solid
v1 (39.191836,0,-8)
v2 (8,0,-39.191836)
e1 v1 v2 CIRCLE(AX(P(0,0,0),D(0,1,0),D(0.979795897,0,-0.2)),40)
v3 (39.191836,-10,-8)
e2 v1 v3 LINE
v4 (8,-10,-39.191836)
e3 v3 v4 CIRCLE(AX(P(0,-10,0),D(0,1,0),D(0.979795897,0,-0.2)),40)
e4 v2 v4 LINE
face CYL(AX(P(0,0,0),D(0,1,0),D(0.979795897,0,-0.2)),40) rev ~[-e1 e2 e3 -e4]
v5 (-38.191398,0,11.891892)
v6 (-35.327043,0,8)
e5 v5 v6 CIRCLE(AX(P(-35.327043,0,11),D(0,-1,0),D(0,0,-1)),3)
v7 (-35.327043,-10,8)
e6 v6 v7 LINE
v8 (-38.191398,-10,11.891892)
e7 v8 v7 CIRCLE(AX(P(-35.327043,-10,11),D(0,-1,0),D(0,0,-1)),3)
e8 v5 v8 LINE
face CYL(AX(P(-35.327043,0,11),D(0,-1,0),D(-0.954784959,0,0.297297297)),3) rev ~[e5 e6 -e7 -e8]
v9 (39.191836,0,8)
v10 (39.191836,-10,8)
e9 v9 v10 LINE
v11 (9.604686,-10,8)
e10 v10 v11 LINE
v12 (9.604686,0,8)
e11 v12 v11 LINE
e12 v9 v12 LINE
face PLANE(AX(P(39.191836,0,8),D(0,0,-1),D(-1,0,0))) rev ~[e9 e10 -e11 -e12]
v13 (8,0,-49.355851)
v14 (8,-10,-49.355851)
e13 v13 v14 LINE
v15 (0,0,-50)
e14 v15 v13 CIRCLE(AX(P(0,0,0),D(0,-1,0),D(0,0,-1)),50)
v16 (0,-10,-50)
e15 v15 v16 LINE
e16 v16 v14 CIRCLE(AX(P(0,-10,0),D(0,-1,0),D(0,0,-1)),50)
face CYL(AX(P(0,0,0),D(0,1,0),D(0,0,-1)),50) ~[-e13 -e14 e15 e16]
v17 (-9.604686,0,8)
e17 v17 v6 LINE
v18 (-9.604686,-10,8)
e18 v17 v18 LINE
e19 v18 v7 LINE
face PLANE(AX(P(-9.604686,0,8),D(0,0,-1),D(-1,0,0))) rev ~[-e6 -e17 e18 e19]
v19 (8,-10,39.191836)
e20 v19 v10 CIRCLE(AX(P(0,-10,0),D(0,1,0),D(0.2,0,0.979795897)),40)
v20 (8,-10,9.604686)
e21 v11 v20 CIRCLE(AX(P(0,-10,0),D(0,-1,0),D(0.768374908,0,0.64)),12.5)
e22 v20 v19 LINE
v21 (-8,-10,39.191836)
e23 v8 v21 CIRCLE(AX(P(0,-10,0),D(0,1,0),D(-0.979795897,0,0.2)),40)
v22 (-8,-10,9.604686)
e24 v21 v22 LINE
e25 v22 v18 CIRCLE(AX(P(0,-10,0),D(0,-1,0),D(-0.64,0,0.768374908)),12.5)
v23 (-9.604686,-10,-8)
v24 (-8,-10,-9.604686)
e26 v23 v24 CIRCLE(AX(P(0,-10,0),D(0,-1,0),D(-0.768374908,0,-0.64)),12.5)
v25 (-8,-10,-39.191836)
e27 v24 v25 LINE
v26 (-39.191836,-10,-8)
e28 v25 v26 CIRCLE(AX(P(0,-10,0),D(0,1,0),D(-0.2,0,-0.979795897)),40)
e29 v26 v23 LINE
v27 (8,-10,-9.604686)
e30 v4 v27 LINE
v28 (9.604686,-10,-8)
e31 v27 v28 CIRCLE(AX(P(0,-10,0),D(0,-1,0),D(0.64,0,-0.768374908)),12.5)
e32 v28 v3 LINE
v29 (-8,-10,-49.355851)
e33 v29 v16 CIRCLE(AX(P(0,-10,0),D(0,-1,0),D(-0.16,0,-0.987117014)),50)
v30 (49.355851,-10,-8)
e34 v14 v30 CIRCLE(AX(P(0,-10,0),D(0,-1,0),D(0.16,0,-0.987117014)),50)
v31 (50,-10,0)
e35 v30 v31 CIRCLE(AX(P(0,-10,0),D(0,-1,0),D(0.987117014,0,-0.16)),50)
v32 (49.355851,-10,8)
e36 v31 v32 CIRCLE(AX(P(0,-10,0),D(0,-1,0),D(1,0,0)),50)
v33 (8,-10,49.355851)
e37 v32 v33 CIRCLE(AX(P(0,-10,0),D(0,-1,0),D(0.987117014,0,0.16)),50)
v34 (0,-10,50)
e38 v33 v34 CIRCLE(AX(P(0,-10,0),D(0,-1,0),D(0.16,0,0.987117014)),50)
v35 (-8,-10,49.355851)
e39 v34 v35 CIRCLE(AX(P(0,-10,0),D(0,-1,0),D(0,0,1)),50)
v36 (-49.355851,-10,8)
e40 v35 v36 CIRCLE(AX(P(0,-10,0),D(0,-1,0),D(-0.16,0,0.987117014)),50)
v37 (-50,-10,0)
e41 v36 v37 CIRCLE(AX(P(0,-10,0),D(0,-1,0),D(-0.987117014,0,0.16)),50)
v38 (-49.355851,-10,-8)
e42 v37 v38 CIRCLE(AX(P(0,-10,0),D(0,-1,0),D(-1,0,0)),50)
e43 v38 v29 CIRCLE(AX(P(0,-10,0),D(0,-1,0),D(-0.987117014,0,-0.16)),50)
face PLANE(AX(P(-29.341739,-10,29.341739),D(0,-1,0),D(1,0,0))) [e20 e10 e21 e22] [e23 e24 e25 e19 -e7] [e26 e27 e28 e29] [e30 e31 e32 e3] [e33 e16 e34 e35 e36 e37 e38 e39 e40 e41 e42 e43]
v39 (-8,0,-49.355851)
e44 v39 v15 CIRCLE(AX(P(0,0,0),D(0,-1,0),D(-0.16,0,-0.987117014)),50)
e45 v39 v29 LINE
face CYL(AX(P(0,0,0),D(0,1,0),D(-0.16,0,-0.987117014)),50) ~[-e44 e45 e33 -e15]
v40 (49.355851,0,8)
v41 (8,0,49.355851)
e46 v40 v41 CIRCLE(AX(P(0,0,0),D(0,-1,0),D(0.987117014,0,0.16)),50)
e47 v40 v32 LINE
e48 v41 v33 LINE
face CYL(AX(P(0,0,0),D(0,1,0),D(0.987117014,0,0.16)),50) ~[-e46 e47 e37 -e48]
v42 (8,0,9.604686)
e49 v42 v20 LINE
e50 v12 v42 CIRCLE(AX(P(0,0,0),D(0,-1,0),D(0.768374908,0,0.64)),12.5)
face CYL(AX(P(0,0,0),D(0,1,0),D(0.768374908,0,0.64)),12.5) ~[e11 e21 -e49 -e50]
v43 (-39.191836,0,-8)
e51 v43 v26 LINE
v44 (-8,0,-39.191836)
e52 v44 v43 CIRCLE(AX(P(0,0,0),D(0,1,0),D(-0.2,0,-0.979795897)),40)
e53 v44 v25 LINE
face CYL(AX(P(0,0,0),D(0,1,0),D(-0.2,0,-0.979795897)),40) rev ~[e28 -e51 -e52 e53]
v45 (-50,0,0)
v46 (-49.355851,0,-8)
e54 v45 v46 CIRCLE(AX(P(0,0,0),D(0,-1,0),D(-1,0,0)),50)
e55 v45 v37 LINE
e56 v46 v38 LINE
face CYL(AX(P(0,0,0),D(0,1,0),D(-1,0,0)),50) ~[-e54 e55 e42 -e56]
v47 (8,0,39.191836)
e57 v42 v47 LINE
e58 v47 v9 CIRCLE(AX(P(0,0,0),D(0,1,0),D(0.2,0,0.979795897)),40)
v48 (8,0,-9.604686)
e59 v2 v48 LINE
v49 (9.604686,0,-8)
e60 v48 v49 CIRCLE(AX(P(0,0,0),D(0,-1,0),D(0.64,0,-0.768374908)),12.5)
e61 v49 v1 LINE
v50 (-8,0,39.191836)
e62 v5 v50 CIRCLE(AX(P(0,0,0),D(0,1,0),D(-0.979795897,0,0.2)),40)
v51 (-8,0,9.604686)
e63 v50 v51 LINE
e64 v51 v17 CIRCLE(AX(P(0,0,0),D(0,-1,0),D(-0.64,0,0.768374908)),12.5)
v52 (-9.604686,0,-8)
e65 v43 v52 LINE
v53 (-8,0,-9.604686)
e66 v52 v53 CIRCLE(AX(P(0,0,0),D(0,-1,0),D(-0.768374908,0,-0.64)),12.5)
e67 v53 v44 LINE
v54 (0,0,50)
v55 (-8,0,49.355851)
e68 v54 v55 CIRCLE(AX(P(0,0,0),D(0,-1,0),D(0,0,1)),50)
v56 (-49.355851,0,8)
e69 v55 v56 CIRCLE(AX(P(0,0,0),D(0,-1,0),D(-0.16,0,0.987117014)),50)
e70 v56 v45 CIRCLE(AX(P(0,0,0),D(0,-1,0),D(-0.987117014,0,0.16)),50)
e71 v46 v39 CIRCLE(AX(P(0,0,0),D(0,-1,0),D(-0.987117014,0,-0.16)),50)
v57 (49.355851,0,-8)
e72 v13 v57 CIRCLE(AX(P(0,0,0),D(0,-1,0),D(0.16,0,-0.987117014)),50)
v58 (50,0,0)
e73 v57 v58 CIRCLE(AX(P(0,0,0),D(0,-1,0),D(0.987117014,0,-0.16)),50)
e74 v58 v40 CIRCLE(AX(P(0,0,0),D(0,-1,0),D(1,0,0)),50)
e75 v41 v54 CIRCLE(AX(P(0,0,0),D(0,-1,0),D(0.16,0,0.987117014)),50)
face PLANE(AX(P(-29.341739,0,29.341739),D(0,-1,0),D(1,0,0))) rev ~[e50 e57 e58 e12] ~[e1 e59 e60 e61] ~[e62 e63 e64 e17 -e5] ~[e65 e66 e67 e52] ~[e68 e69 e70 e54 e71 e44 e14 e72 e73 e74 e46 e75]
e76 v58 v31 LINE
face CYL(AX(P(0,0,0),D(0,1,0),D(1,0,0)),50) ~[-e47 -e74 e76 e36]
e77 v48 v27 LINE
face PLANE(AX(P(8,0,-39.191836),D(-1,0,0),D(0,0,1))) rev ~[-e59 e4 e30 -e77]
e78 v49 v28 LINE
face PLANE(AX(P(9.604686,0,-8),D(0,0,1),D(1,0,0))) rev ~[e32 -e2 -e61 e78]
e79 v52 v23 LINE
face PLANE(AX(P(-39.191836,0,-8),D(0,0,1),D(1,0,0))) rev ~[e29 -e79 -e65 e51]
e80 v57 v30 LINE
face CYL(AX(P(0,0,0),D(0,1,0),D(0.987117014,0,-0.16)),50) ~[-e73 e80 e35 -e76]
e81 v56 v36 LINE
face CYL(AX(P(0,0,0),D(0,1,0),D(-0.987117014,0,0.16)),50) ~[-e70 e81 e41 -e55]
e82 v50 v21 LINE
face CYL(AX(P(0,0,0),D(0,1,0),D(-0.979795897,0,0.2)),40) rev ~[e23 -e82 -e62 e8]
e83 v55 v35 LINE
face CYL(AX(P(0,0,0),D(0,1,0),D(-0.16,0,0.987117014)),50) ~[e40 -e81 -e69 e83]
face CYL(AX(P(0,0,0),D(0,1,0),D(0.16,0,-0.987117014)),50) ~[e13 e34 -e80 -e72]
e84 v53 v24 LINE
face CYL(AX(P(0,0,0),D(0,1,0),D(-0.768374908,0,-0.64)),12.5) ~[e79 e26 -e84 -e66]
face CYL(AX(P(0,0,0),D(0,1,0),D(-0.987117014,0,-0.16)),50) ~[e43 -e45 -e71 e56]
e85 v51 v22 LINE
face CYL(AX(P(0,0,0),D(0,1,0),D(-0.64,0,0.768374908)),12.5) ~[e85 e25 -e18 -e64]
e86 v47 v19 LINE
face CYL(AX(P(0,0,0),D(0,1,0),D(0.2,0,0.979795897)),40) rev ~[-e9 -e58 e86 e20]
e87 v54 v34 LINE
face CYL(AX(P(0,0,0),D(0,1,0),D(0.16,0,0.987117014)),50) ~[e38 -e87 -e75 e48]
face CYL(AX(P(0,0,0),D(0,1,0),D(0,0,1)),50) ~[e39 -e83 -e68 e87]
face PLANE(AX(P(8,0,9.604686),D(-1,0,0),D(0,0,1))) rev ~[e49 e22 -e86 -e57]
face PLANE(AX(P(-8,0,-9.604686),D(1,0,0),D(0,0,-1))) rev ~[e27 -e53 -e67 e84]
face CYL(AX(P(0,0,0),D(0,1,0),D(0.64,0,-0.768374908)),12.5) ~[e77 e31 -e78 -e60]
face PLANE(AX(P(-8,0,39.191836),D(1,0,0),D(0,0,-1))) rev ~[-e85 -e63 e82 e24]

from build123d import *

# Parameters (mm, degrees)
F1_DEPTH = 10
F3_DEPTH = 10
F4_R     = 5.005299482
F5_DEPTH = 10
F6_R     = 3


with BuildPart() as f1:
    # F0 (on Front) → F1 (new body)
    with BuildSketch(Plane.XZ):
        with BuildLine():
            Line((-8, 39.1918358845), (-8, 49.355850717))
            ThreePointArc((-8, 49.355850717), (-35.3553390593, 35.3553390593), (-49.355850717, 8))
            Line((-49.355850717, 8), (-39.1918358845, 8))
            ThreePointArc((-39.1918358845, 8), (-28.2842712475, 28.2842712475), (-8, 39.1918358845))
        make_face()
        with BuildLine():
            Line((8, -8), (8, 0))
            Line((8, 0), (5, 0))
            ThreePointArc((5, 0), (3.5355339059, -3.5355339059), (0, -5))
            Line((0, -5), (0, -8))
            Line((0, -8), (8, -8))
        make_face()
        with BuildLine():
            ThreePointArc((8, -9.6046863561), (8.8388347648, -8.8388347648), (9.6046863561, -8))
            Line((9.6046863561, -8), (8, -8))
            Line((8, -8), (8, -9.6046863561))
        make_face()
        with BuildLine():
            ThreePointArc((9.6046863561, -8), (11.7539052968, -4.2539052968), (12.5, 0))
            Line((12.5, 0), (8, 0))
            Line((8, 0), (8, -8))
            Line((8, -8), (9.6046863561, -8))
        make_face()
        with BuildLine():
            ThreePointArc((-8, -9.6046863561), (-4.2539052968, -11.7539052968), (0, -12.5))
            Line((0, -12.5), (0, -8))
            Line((0, -8), (-8, -8))
            Line((-8, -8), (-8, -9.6046863561))
        make_face()
        with BuildLine():
            Line((5, 0), (8, 0))
            Line((8, 0), (8, 8))
            Line((8, 8), (0, 8))
            Line((0, 8), (0, 5))
            ThreePointArc((0, 5), (3.5355339059, 3.5355339059), (5, 0))
        make_face()
        with BuildLine():
            Line((8, 0), (12.5, 0))
            ThreePointArc((12.5, 0), (11.7539052968, 4.2539052968), (9.6046863561, 8))
            Line((9.6046863561, 8), (8, 8))
            Line((8, 8), (8, 0))
        make_face()
        with BuildLine():
            Line((12.5, 0), (40, 0))
            ThreePointArc((40, 0), (39.7974461202, 4.0203584802), (39.1918358845, 8))
            Line((39.1918358845, 8), (9.6046863561, 8))
            ThreePointArc((9.6046863561, 8), (11.7539052968, 4.2539052968), (12.5, 0))
        make_face()
        with BuildLine():
            ThreePointArc((0, -12.5), (4.2539052968, -11.7539052968), (8, -9.6046863561))
            Line((8, -9.6046863561), (8, -8))
            Line((8, -8), (0, -8))
            Line((0, -8), (0, -12.5))
        make_face()
        with BuildLine():
            ThreePointArc((-9.6046863561, -8), (-8.8388347648, -8.8388347648), (-8, -9.6046863561))
            Line((-8, -9.6046863561), (-8, -8))
            Line((-8, -8), (-9.6046863561, -8))
        make_face()
        with BuildLine():
            Line((-8, -8), (0, -8))
            Line((0, -8), (0, -5))
            ThreePointArc((0, -5), (-3.5355339059, -3.5355339059), (-5, 0))
            Line((-5, 0), (-8, 0))
            Line((-8, 0), (-8, -8))
        make_face()
        with BuildLine():
            Line((-9.6046863561, -8), (-8, -8))
            Line((-8, -8), (-8, 0))
            Line((-8, 0), (-12.5, 0))
            ThreePointArc((-12.5, 0), (-11.7539052968, -4.2539052968), (-9.6046863561, -8))
        make_face()
        with BuildLine():
            Line((0, 5), (0, 8))
            Line((0, 8), (-8, 8))
            Line((-8, 8), (-8, 0))
            Line((-8, 0), (-5, 0))
            ThreePointArc((-5, 0), (-3.5355339059, 3.5355339059), (0, 5))
        make_face()
        with BuildLine():
            Line((-8, 0), (-8, 8))
            Line((-8, 8), (-9.6046863561, 8))
            ThreePointArc((-9.6046863561, 8), (-11.7539052968, 4.2539052968), (-12.5, 0))
            Line((-12.5, 0), (-8, 0))
        make_face()
        with BuildLine():
            Line((-8, 8), (-8, 9.6046863561))
            ThreePointArc((-8, 9.6046863561), (-8.8388347648, 8.8388347648), (-9.6046863561, 8))
            Line((-9.6046863561, 8), (-8, 8))
        make_face()
        with BuildLine():
            Line((0, 8), (0, 12.5))
            ThreePointArc((0, 12.5), (-4.2539052968, 11.7539052968), (-8, 9.6046863561))
            Line((-8, 9.6046863561), (-8, 8))
            Line((-8, 8), (0, 8))
        make_face()
        with BuildLine():
            Line((8, 8), (8, 9.6046863561))
            ThreePointArc((8, 9.6046863561), (4.2539052968, 11.7539052968), (0, 12.5))
            Line((0, 12.5), (0, 8))
            Line((0, 8), (8, 8))
        make_face()
        with BuildLine():
            Line((8, 8), (9.6046863561, 8))
            ThreePointArc((9.6046863561, 8), (8.8388347648, 8.8388347648), (8, 9.6046863561))
            Line((8, 9.6046863561), (8, 8))
        make_face()
        with BuildLine():
            ThreePointArc((39.1918358845, -8), (39.7974461202, -4.0203584802), (40, 0))
            Line((40, 0), (12.5, 0))
            ThreePointArc((12.5, 0), (11.7539052968, -4.2539052968), (9.6046863561, -8))
            Line((9.6046863561, -8), (39.1918358845, -8))
        make_face()
        with BuildLine():
            Line((-9.6046863561, 8), (-39.1918358845, 8))
            ThreePointArc((-39.1918358845, 8), (-39.7974461202, 4.0203584802), (-40, 0))
            Line((-40, 0), (-12.5, 0))
            ThreePointArc((-12.5, 0), (-11.7539052968, 4.2539052968), (-9.6046863561, 8))
        make_face()
        with BuildLine():
            ThreePointArc((-40, 0), (-39.7974461202, -4.0203584802), (-39.1918358845, -8))
            Line((-39.1918358845, -8), (-9.6046863561, -8))
            ThreePointArc((-9.6046863561, -8), (-11.7539052968, -4.2539052968), (-12.5, 0))
            Line((-12.5, 0), (-40, 0))
        make_face()
        with BuildLine():
            Line((0, 12.5), (0, 40))
            ThreePointArc((0, 40), (-4.0203584802, 39.7974461202), (-8, 39.1918358845))
            Line((-8, 39.1918358845), (-8, 9.6046863561))
            ThreePointArc((-8, 9.6046863561), (-4.2539052968, 11.7539052968), (0, 12.5))
        make_face()
        with BuildLine():
            Line((8, 9.6046863561), (8, 39.1918358845))
            ThreePointArc((8, 39.1918358845), (4.0203584802, 39.7974461202), (0, 40))
            Line((0, 40), (0, 12.5))
            ThreePointArc((0, 12.5), (4.2539052968, 11.7539052968), (8, 9.6046863561))
        make_face()
        with BuildLine():
            ThreePointArc((-8, -39.1918358845), (-4.0203584802, -39.7974461202), (0, -40))
            Line((0, -40), (0, -12.5))
            ThreePointArc((0, -12.5), (-4.2539052968, -11.7539052968), (-8, -9.6046863561))
            Line((-8, -9.6046863561), (-8, -39.1918358845))
        make_face()
        with BuildLine():
            ThreePointArc((0, -40), (4.0203584802, -39.7974461202), (8, -39.1918358845))
            Line((8, -39.1918358845), (8, -9.6046863561))
            ThreePointArc((8, -9.6046863561), (4.2539052968, -11.7539052968), (0, -12.5))
            Line((0, -12.5), (0, -40))
        make_face()
        with BuildLine():
            ThreePointArc((-49.355850717, -8), (-35.3553390593, -35.3553390593), (-8, -49.355850717))
            Line((-8, -49.355850717), (-8, -39.1918358845))
            ThreePointArc((-8, -39.1918358845), (-28.2842712475, -28.2842712475), (-39.1918358845, -8))
            Line((-39.1918358845, -8), (-49.355850717, -8))
        make_face()
        with BuildLine():
            Line((-39.1918358845, 8), (-49.355850717, 8))
            ThreePointArc((-49.355850717, 8), (-49.8387025105, 4.0129455609), (-50, 0))
            Line((-50, 0), (-40, 0))
            ThreePointArc((-40, 0), (-39.7974461202, 4.0203584802), (-39.1918358845, 8))
        make_face()
        with BuildLine():
            ThreePointArc((-50, 0), (-49.8387025105, -4.0129455609), (-49.355850717, -8))
            Line((-49.355850717, -8), (-39.1918358845, -8))
            ThreePointArc((-39.1918358845, -8), (-39.7974461202, -4.0203584802), (-40, 0))
            Line((-40, 0), (-50, 0))
        make_face()
        with BuildLine():
            Line((0, 40), (0, 50))
            ThreePointArc((0, 50), (-4.0129455609, 49.8387025105), (-8, 49.355850717))
            Line((-8, 49.355850717), (-8, 39.1918358845))
            ThreePointArc((-8, 39.1918358845), (-4.0203584802, 39.7974461202), (0, 40))
        make_face()
        with BuildLine():
            Line((8, 39.1918358845), (8, 49.355850717))
            ThreePointArc((8, 49.355850717), (4.0129455609, 49.8387025105), (0, 50))
            Line((0, 50), (0, 40))
            ThreePointArc((0, 40), (4.0203584802, 39.7974461202), (8, 39.1918358845))
        make_face()
        with BuildLine():
            Line((39.1918358845, 8), (49.355850717, 8))
            ThreePointArc((49.355850717, 8), (35.3553390593, 35.3553390593), (8, 49.355850717))
            Line((8, 49.355850717), (8, 39.1918358845))
            ThreePointArc((8, 39.1918358845), (28.2842712475, 28.2842712475), (39.1918358845, 8))
        make_face()
        with BuildLine():
            Line((40, 0), (50, 0))
            ThreePointArc((50, 0), (49.8387025105, 4.0129455609), (49.355850717, 8))
            Line((49.355850717, 8), (39.1918358845, 8))
            ThreePointArc((39.1918358845, 8), (39.7974461202, 4.0203584802), (40, 0))
        make_face()
        with BuildLine():
            ThreePointArc((49.355850717, -8), (49.8387025105, -4.0129455609), (50, 0))
            Line((50, 0), (40, 0))
            ThreePointArc((40, 0), (39.7974461202, -4.0203584802), (39.1918358845, -8))
            Line((39.1918358845, -8), (49.355850717, -8))
        make_face()
        with BuildLine():
            ThreePointArc((8, -49.355850717), (35.3553390593, -35.3553390593), (49.355850717, -8))
            Line((49.355850717, -8), (39.1918358845, -8))
            ThreePointArc((39.1918358845, -8), (28.2842712475, -28.2842712475), (8, -39.1918358845))
            Line((8, -39.1918358845), (8, -49.355850717))
        make_face()
        with BuildLine():
            ThreePointArc((-8, -49.355850717), (-4.0129455609, -49.8387025105), (0, -50))
            Line((0, -50), (0, -40))
            ThreePointArc((0, -40), (-4.0203584802, -39.7974461202), (-8, -39.1918358845))
            Line((-8, -39.1918358845), (-8, -49.355850717))
        make_face()
        with BuildLine():
            ThreePointArc((0, -50), (4.0129455609, -49.8387025105), (8, -49.355850717))
            Line((8, -49.355850717), (8, -39.1918358845))
            ThreePointArc((8, -39.1918358845), (4.0203584802, -39.7974461202), (0, -40))
            Line((0, -40), (0, -50))
        make_face()
    extrude(amount=F1_DEPTH)

    # F2 (on face) → F3 (join)
    with BuildSketch(Plane.XZ.offset(10)):
        with BuildLine():
            Line((7.6082753949, 1.9267198172), (4.613865055, 1.9267198172))
            ThreePointArc((4.613865055, 1.9267198172), (4.9025159498, 0.9825158332), (5, 0))
            ThreePointArc((5, 0), (4.9024071863, -0.9830583809), (4.6134384879, -1.9277409883))
            Line((4.6134384879, -1.9277409883), (7.6082753949, -1.9277409883))
            Line((7.6082753949, -1.9277409883), (7.6082753949, 0))
            Line((7.6082753949, 0), (7.6082753949, 1.9267198172))
        make_face()
        with BuildLine():
            ThreePointArc((5, 0), (4.9025159498, 0.9825158332), (4.613865055, 1.9267198172))
            ThreePointArc((4.613865055, 1.9267198172), (-4.9999999694, 0.0005533421), (4.6134384879, -1.9277409883))
            ThreePointArc((4.6134384879, -1.9277409883), (4.9024071863, -0.9830583809), (5, 0))
        make_face()
    extrude(amount=-F3_DEPTH)

    # F4 (on face) → F5 (join)
    with BuildSketch(Plane.XZ.offset(10)):
        Circle(F4_R)
    extrude(amount=-F5_DEPTH)

    # F6
    f6_edges = [f1.edges().sort_by_distance(p)[0] for p in [
        (-39.191836, -5, 8),
    ]]
    fillet(f6_edges, radius=F6_R)


solid = f1.part
